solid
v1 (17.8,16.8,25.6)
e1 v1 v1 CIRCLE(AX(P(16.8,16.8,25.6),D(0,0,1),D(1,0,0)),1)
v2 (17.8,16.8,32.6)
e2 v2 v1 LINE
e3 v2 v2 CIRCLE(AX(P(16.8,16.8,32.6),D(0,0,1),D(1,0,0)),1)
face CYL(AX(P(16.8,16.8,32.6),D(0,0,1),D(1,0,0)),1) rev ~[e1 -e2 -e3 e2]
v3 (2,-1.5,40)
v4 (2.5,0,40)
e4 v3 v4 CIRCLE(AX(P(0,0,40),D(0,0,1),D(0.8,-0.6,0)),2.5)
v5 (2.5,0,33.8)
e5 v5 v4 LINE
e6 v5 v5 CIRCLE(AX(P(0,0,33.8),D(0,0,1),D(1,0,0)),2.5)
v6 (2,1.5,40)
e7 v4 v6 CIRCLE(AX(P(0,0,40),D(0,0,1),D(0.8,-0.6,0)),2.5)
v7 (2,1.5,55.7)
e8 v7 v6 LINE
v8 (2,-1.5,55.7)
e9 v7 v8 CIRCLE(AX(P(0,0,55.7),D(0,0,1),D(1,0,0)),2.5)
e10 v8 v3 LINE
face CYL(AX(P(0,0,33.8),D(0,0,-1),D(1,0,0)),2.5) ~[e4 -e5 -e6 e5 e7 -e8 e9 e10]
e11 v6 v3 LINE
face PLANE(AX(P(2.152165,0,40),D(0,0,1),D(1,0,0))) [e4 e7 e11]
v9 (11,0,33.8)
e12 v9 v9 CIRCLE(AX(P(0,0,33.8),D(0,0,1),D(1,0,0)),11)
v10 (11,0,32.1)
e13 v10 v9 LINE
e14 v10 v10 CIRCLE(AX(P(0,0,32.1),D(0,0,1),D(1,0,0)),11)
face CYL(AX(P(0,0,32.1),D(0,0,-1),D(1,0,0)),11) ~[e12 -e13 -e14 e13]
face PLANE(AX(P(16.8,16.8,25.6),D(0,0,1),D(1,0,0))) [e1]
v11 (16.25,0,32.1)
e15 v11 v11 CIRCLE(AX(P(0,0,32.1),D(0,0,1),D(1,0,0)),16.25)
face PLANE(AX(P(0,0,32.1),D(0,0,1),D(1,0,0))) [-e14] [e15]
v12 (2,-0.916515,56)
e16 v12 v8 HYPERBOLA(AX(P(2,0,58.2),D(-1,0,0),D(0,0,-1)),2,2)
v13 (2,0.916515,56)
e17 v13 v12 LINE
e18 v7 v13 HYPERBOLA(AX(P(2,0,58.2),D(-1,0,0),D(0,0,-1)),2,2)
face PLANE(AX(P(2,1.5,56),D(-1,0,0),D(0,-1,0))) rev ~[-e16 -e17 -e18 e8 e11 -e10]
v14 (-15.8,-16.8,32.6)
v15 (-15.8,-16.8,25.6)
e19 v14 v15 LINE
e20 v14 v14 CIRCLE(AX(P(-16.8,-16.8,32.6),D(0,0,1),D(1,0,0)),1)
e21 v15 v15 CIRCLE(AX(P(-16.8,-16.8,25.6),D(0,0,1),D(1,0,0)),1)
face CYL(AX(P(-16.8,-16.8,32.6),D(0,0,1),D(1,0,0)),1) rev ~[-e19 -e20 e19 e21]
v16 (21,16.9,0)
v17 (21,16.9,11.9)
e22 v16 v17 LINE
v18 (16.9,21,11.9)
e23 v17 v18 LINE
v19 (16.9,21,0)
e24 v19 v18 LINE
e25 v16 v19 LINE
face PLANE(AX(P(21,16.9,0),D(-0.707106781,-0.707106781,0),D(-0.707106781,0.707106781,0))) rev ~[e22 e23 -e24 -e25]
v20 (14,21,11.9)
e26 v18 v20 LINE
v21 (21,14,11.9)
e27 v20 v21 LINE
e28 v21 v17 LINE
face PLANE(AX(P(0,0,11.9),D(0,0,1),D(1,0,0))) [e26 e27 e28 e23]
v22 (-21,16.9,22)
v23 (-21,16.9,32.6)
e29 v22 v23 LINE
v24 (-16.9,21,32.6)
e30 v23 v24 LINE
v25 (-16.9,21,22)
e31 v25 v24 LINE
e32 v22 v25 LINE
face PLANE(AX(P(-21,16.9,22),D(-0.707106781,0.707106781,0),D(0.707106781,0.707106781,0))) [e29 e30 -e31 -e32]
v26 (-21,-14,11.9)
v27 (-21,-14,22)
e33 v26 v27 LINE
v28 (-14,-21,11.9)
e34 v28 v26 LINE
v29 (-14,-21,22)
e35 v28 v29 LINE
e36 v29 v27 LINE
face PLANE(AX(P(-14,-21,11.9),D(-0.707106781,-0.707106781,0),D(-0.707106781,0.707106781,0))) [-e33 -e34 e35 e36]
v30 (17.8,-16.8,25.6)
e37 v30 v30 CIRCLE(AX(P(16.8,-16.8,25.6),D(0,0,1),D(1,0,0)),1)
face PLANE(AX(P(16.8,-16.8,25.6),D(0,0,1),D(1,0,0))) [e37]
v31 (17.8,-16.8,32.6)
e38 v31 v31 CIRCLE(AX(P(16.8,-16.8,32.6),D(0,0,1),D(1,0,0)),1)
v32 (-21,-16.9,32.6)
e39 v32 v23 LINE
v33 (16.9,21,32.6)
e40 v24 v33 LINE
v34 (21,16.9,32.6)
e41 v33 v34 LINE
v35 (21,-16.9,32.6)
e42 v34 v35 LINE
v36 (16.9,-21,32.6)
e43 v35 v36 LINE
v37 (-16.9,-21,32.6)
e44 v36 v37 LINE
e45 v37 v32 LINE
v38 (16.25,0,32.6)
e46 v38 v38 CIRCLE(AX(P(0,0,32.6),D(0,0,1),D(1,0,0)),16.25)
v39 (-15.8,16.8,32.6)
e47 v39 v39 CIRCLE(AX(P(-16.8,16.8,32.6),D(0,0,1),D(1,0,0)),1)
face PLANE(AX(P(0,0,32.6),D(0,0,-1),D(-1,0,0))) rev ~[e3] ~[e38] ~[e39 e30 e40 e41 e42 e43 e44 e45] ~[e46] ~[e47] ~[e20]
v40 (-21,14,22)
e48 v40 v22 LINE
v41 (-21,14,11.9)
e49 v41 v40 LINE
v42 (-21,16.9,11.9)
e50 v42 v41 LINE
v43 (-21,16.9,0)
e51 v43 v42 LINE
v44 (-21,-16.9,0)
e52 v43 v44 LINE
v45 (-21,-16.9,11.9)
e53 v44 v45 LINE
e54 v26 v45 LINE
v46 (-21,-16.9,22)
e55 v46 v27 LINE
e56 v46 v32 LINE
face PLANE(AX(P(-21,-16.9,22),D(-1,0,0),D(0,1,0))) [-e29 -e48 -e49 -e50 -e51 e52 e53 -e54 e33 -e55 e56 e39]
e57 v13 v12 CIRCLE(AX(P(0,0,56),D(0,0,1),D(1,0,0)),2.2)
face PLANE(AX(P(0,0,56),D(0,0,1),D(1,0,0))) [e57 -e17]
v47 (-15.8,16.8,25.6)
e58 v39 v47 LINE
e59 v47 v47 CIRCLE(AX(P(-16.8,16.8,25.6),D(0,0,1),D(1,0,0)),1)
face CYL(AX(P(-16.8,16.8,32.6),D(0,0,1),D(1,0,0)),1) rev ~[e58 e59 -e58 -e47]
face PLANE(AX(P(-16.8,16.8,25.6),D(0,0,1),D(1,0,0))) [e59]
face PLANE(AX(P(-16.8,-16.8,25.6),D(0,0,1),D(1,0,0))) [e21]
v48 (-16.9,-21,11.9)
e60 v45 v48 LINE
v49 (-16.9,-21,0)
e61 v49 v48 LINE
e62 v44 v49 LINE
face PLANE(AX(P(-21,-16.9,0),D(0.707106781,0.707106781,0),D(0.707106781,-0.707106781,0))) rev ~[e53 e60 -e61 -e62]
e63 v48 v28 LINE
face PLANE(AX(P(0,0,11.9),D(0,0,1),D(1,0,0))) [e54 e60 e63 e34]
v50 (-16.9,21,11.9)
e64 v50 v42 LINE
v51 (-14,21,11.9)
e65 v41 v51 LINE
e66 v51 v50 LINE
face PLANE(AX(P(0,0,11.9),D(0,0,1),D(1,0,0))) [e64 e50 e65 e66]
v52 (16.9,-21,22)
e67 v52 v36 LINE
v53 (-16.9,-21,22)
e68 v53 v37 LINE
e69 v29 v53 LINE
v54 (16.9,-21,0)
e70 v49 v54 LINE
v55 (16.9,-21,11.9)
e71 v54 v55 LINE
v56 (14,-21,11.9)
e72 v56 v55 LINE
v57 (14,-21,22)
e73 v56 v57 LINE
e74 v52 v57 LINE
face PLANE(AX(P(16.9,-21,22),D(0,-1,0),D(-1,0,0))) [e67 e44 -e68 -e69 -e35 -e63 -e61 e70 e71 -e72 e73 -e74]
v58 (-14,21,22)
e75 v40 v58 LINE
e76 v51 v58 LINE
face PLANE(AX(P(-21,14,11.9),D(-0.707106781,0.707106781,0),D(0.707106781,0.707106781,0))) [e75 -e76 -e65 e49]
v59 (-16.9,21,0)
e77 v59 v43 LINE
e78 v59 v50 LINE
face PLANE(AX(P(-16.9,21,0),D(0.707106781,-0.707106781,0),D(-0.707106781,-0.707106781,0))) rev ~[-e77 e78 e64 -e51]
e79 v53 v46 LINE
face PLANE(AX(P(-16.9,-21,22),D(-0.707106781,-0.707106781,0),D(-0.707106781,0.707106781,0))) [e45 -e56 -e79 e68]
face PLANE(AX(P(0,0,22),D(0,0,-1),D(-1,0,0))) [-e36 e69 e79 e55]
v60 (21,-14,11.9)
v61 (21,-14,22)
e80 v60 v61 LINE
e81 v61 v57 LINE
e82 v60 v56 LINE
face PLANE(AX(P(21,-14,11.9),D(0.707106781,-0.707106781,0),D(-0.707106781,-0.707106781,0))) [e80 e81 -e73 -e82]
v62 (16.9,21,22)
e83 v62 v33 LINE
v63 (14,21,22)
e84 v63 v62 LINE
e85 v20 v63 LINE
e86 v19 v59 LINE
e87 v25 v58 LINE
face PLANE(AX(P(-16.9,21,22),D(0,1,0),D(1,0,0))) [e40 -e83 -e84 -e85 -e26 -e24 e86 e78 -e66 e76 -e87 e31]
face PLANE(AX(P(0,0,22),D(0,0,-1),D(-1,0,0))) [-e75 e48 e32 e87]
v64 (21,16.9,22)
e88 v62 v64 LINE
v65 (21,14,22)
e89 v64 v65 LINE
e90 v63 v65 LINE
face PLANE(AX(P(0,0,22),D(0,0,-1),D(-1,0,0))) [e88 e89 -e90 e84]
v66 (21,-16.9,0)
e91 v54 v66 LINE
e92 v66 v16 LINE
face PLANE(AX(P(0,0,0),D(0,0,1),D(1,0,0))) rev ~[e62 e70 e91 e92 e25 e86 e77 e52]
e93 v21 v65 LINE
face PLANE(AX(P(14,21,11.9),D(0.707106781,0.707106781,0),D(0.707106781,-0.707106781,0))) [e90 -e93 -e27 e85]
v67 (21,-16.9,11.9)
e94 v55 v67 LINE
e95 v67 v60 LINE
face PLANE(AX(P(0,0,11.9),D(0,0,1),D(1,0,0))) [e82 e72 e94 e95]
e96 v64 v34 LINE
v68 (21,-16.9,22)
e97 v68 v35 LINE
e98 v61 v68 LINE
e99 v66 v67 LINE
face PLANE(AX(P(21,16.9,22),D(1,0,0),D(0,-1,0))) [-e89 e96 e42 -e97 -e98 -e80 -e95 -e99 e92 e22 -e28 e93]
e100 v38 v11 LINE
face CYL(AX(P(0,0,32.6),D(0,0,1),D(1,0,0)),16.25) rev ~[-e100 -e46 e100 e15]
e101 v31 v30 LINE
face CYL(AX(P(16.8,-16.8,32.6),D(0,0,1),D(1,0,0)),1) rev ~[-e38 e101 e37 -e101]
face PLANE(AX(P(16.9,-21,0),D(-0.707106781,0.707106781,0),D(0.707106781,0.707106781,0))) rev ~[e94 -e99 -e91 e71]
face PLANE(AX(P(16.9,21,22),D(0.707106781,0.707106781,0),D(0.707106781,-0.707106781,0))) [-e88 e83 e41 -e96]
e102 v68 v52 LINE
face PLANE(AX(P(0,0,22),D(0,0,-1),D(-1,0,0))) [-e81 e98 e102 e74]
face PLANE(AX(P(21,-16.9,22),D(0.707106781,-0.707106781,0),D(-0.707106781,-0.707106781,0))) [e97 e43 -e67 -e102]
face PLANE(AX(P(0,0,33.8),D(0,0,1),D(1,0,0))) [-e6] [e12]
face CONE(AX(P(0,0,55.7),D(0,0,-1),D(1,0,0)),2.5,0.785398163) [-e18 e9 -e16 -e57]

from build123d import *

# Parameters (mm, degrees)
BOSS_EXTRU_1_DEPTH      = 11.9
BOSS_EXTRU_2_DEPTH      = 10.1
BOSS_EXTRU_3_DEPTH      = 10.6
ESQUISSE4_R             = 16.25
ENL_V_MAT_EXTRU_1_DEPTH = 0.5
ESQUISSE5_R             = 11
BOSS_EXTRU_4_DEPTH      = 1.7
ESQUISSE6_R             = 2.5
BOSS_EXTRU_5_DEPTH      = 22.2
CHANFREIN1_SIZE         = 0.3
ENL_V_MAT_EXTRU_2_DEPTH = 16
ESQUISSE8_R             = 1
ENL_V_MAT_EXTRU_3_DEPTH = 7


with BuildPart() as part:
    # Esquisse1 → Boss.-Extru.1 (new body)
    with BuildSketch(Plane.XY):
        Polygon((21, -16.9), (21, 16.9), (16.9, 21), (-16.9, 21), (-21, 16.9), (-21, -16.9), (-16.9, -21), (16.9, -21), align=None)
    extrude(amount=BOSS_EXTRU_1_DEPTH)

    # Esquisse2 → Boss.-Extru.2 (add)
    with BuildSketch(Plane.XY.offset(11.9)):
        Polygon((14, 21), (21, 14), (21, -14), (14, -21), (-14, -21), (-21, -14), (-21, 14), (-14, 21), align=None)
    extrude(amount=BOSS_EXTRU_2_DEPTH)

    # Esquisse3 → Boss.-Extru.3 (add)
    with BuildSketch(Plane.XY.offset(22)):
        Polygon((16.9, 21), (21, 16.9), (21, -16.9), (16.9, -21), (-16.9, -21), (-21, -16.9), (-21, 16.9), (-16.9, 21), align=None)
    extrude(amount=BOSS_EXTRU_3_DEPTH)

    # Esquisse4 → Enlèv. mat.-Extru.1 (cut)
    with BuildSketch(Plane.XY.offset(32.6)):
        Circle(ESQUISSE4_R)
    extrude(amount=-ENL_V_MAT_EXTRU_1_DEPTH, mode=Mode.SUBTRACT)

    # Esquisse5 → Boss.-Extru.4 (add)
    with BuildSketch(Plane.XY.offset(32.1)):
        Circle(ESQUISSE5_R)
    extrude(amount=BOSS_EXTRU_4_DEPTH)

    # Esquisse6 → Boss.-Extru.5 (add)
    with BuildSketch(Plane.XY.offset(33.8)):
        Circle(ESQUISSE6_R)
    extrude(amount=BOSS_EXTRU_5_DEPTH)

    # Chanfrein1
    chanfrein1_edges = [part.edges().sort_by_distance(p)[0] for p in [
        (-2.5, 0, 56),
    ]]
    chamfer(chanfrein1_edges, length=CHANFREIN1_SIZE)

    # Esquisse7 → Enlèv. mat.-Extru.2 (cut)
    with BuildSketch(Plane.XY.offset(56)):
        with BuildLine():
            Line((2, 1.5), (2, -1.5))
            ThreePointArc((2, -1.5), (2.5, 0), (2, 1.5))
        make_face()
    extrude(amount=-ENL_V_MAT_EXTRU_2_DEPTH, mode=Mode.SUBTRACT)

    # Esquisse8 → Enlèv. mat.-Extru.3 (cut)
    with BuildSketch(Plane.XY.offset(32.6)):
        with Locations((-16.8, 16.8)):
            Circle(ESQUISSE8_R)
        with Locations((-16.8, -16.8)):
            Circle(ESQUISSE8_R)
        with Locations((16.8, -16.8)):
            Circle(ESQUISSE8_R)
        with Locations((16.8, 16.8)):
            Circle(ESQUISSE8_R)
    extrude(amount=-ENL_V_MAT_EXTRU_3_DEPTH, mode=Mode.SUBTRACT)


solid = part.part
